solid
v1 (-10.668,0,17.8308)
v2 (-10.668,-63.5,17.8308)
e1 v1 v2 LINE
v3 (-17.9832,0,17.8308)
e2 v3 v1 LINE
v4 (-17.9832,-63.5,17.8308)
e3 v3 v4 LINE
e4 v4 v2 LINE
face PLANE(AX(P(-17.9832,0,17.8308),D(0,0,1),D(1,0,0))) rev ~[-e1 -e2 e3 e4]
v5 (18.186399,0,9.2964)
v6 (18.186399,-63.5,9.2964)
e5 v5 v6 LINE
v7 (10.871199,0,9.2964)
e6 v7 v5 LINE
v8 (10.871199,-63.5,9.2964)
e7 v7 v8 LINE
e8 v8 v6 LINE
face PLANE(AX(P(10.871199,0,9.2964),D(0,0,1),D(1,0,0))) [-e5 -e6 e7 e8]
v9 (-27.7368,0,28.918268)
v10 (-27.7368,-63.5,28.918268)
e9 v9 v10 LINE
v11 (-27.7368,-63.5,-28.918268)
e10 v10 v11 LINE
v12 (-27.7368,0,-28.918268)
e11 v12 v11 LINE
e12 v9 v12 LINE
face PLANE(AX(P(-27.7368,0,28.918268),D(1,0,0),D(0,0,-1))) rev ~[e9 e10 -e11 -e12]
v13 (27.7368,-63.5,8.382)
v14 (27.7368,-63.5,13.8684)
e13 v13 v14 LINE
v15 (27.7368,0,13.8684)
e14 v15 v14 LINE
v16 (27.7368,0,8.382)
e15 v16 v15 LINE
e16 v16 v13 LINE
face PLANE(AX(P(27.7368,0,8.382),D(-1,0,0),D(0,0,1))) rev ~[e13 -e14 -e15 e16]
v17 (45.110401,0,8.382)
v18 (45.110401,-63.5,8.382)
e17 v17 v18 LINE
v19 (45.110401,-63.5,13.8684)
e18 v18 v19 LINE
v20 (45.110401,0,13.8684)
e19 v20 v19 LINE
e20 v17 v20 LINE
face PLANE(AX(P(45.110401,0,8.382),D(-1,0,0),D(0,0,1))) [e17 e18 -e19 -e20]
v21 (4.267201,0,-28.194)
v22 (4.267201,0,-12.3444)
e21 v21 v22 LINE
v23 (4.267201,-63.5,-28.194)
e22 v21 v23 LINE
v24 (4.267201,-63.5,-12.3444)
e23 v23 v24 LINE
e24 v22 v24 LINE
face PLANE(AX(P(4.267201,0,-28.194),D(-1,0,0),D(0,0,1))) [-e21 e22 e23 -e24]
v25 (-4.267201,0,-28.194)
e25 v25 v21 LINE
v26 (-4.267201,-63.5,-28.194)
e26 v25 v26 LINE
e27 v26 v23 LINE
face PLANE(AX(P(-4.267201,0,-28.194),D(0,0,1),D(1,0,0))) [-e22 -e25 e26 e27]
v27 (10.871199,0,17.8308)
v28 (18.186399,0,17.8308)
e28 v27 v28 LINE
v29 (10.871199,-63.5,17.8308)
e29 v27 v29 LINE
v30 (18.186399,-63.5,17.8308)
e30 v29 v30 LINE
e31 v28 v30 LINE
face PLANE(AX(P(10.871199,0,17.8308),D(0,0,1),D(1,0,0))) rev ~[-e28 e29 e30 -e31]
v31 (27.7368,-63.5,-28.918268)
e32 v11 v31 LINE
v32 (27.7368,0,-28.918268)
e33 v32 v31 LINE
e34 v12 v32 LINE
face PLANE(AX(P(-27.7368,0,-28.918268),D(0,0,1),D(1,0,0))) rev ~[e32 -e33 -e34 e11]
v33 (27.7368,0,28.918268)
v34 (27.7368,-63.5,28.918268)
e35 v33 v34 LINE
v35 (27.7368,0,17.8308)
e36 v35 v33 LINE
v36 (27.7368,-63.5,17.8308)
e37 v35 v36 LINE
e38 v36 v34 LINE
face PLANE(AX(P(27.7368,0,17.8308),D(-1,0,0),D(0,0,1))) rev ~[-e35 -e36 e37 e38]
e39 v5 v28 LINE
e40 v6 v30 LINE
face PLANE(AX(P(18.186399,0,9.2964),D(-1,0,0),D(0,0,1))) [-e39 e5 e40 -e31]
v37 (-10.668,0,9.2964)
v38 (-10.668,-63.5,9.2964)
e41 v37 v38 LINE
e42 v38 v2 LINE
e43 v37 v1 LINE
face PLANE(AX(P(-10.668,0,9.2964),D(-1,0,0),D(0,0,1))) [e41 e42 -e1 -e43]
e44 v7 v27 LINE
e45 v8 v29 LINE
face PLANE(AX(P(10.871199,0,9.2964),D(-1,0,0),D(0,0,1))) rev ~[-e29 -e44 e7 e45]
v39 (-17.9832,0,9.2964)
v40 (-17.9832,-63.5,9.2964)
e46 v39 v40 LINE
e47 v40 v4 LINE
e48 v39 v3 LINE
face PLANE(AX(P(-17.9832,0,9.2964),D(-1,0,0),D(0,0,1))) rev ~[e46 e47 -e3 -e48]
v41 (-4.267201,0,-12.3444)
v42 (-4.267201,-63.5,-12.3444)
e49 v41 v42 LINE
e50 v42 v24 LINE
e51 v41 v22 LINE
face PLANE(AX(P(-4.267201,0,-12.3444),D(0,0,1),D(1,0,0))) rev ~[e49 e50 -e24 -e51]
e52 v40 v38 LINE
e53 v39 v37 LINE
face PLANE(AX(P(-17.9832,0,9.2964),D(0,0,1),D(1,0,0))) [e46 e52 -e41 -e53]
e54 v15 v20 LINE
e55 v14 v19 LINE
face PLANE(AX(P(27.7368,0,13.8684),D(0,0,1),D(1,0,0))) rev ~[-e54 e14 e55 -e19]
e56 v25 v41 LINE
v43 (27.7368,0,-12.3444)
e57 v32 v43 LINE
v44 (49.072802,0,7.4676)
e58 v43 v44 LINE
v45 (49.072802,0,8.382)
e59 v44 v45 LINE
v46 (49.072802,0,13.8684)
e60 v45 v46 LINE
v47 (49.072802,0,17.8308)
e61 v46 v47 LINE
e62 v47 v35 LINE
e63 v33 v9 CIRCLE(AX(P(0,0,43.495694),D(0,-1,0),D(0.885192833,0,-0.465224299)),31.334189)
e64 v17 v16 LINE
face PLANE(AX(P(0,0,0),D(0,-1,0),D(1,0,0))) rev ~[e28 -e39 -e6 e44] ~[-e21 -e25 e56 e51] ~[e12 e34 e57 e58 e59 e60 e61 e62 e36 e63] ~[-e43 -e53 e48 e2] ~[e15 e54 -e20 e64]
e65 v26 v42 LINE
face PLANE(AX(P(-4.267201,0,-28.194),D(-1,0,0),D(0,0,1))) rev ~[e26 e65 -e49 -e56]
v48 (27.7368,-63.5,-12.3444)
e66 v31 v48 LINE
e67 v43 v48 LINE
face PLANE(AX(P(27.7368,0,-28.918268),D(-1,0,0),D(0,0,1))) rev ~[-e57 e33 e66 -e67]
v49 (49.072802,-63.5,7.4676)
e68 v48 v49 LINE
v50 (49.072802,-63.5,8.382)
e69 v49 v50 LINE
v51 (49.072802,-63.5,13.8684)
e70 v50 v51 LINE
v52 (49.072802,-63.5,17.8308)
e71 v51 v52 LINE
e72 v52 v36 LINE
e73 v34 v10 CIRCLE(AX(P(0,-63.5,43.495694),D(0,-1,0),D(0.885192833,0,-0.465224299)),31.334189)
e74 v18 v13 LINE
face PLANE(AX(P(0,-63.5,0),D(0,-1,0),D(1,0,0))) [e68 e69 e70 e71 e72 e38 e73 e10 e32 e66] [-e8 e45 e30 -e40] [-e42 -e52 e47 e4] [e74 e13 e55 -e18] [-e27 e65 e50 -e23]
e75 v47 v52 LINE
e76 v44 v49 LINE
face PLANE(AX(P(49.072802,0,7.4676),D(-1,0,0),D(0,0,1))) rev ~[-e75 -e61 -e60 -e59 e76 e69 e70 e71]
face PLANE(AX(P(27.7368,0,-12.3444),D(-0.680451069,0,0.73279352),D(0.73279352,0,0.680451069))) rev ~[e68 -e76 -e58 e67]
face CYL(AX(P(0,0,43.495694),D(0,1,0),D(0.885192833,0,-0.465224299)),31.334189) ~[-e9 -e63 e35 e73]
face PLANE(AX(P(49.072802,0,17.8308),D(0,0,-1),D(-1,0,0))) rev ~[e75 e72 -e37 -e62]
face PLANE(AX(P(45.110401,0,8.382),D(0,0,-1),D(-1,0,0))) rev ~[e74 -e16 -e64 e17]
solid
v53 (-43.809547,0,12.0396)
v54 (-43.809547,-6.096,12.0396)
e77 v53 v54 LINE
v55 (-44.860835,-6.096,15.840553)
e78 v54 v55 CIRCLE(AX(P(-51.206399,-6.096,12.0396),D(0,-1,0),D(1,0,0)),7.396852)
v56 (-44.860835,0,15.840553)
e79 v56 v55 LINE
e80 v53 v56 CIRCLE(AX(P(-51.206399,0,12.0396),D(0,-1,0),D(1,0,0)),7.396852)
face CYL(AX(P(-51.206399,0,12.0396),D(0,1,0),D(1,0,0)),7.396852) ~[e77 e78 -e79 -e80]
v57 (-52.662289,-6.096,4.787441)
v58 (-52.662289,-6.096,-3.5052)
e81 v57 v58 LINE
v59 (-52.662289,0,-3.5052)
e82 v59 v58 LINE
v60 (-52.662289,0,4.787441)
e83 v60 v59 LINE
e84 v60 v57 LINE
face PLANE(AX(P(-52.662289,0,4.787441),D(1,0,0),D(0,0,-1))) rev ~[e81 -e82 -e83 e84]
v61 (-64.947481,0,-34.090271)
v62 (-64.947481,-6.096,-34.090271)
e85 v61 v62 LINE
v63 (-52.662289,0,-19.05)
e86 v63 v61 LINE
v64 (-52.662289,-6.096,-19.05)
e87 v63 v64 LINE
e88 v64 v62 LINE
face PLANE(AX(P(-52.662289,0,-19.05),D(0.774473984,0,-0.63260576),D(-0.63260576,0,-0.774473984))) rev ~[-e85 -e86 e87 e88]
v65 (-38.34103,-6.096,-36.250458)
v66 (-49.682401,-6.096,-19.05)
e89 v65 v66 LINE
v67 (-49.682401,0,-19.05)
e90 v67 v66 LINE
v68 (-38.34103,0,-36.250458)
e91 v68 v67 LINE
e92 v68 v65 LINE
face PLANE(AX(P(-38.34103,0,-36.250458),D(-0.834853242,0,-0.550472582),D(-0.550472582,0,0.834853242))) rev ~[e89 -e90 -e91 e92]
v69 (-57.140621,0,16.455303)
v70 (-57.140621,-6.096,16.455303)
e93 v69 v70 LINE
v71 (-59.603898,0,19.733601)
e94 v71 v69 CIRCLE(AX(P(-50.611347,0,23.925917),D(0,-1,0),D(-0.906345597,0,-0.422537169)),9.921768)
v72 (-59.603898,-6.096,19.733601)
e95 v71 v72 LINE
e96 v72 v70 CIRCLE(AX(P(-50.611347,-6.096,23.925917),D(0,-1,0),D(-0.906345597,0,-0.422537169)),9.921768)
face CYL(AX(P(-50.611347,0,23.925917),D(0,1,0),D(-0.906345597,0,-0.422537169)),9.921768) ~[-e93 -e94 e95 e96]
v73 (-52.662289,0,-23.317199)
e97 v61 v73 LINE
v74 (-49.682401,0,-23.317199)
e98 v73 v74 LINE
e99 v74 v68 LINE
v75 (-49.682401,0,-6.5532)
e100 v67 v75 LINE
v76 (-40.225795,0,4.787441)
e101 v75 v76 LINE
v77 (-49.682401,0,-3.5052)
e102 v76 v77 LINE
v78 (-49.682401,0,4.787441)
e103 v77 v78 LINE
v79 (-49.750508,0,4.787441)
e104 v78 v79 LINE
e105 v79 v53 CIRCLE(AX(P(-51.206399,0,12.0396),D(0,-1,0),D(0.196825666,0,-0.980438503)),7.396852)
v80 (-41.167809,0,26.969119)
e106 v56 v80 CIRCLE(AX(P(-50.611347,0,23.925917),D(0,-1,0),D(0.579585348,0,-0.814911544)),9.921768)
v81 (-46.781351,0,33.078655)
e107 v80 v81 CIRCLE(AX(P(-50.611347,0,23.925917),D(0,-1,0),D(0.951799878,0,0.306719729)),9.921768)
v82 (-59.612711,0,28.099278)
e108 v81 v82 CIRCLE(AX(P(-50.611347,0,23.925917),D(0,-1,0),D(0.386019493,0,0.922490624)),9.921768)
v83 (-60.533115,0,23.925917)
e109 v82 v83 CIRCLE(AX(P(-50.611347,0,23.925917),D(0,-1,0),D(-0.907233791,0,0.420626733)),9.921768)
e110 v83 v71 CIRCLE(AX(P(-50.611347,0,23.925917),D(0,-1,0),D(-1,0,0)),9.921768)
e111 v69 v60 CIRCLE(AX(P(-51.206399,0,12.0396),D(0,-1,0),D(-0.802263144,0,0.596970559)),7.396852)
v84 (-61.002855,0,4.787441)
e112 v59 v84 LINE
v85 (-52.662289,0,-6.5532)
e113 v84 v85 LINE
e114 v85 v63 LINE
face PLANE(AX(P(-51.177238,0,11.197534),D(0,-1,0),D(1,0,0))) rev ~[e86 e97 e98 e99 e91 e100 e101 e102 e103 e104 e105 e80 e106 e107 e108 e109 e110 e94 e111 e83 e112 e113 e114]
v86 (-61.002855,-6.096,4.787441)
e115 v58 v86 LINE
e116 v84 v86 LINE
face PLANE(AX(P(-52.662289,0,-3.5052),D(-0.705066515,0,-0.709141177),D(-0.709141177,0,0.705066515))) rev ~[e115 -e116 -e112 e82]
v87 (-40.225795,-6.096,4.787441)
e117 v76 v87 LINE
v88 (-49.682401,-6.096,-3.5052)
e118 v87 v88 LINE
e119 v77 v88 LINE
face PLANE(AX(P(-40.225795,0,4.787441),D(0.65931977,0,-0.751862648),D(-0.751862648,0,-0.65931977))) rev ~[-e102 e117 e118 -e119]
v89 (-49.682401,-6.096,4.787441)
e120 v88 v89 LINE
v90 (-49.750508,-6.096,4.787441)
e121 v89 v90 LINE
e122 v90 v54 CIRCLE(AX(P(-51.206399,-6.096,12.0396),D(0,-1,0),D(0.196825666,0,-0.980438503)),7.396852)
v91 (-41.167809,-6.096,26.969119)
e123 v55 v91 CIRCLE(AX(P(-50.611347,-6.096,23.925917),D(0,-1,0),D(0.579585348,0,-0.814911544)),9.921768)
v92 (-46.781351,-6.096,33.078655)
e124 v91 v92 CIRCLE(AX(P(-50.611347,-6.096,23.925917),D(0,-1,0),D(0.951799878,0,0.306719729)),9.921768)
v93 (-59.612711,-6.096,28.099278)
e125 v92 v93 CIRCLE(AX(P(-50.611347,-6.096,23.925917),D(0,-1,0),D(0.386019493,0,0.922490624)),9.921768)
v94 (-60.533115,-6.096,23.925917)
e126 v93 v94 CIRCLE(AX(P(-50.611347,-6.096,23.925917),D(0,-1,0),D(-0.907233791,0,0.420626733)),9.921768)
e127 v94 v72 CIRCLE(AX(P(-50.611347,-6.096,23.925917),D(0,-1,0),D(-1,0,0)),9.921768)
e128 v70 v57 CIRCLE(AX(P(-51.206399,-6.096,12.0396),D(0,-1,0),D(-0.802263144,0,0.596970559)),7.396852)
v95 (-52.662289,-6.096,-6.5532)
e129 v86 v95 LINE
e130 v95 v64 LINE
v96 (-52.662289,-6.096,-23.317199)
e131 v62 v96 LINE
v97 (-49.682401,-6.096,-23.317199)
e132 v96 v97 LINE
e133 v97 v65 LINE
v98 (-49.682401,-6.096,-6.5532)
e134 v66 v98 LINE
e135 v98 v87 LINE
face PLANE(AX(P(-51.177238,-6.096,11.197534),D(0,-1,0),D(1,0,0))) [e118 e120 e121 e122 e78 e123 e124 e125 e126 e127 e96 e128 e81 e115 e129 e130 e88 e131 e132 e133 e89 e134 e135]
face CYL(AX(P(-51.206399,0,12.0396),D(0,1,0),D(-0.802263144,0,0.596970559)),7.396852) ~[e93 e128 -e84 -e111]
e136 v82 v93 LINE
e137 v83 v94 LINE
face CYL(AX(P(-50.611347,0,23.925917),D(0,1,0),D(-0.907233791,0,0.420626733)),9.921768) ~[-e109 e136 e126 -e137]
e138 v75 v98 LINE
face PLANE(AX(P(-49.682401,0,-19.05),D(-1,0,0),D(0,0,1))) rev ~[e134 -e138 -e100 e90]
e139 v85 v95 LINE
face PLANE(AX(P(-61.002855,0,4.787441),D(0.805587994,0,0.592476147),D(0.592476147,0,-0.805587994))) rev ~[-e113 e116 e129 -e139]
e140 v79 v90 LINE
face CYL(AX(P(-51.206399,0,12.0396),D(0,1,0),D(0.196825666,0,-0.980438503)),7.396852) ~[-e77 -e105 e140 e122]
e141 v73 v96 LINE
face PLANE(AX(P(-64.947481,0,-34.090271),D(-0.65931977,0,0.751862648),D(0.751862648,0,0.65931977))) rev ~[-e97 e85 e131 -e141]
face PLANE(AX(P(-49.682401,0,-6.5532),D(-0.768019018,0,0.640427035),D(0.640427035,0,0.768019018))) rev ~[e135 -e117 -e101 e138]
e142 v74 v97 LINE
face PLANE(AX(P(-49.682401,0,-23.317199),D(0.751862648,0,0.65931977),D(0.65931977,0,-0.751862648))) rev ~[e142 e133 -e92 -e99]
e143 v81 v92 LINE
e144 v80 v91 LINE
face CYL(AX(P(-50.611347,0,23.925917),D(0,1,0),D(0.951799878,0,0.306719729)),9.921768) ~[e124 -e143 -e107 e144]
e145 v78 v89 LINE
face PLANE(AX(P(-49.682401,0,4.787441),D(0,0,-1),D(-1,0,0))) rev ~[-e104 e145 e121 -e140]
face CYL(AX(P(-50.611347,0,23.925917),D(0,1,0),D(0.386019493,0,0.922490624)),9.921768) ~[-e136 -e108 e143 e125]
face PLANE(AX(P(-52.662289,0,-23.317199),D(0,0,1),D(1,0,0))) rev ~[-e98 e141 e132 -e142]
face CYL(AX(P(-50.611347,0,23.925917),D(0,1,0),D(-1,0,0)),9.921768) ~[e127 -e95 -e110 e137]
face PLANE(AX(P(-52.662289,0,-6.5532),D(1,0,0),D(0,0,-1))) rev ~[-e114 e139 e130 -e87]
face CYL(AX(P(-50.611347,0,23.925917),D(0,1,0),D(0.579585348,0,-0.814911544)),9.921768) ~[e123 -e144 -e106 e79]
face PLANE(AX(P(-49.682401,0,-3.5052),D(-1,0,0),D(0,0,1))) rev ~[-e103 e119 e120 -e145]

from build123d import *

# Parameters (mm, degrees)
F0_W     = 8.5344025865
F0_H     = 15.8495996147
F0_W_2   = 7.3151998222
F0_H_2   = 8.5343997926
F0_W_3   = 3.9624013007
F0_H_3   = 5.4863998666
F1_DEPTH = 63.5
F3_DEPTH = 6.096


with BuildPart() as f1:
    # F0 (on Front) → F1 (new body)
    with BuildSketch(Plane.XZ):
        Polygon((-27.7367997915, -28.918268159), (27.7367997915, -28.918268159), (27.7367997915, -12.3444003984), (27.7367997915, 8.3820000291), (27.7367997915, 13.8683998957), (27.7367997915, 17.8308002651), (27.7367997915, 28.918268159), (-27.7367997915, 28.918268159), align=None)
        with Locations((0, -20.2692002058)):
            Rectangle(F0_W, F0_H, mode=Mode.SUBTRACT)
        with Locations((-14.3256001174, 13.5636003688)):
            Rectangle(F0_W_2, F0_H_2, mode=Mode.SUBTRACT)
        with Locations((14.5287988707, 13.5636003688)):
            Rectangle(F0_W_2, F0_H_2, mode=Mode.SUBTRACT)
        Polygon((27.7367997915, 8.3820000291), (27.7367997915, -12.3444003984), (49.0728020668, 7.4676000513), (49.0728020668, 8.3820000291), (45.1104007661, 8.3820000291), (38.4048009291, 8.3820000291), (31.6991992295, 8.3820000291), align=None)
        with BuildLine():
            ThreePointArc((27.7367997915, 28.918268159), (0, 74.8298837074), (-27.7367997915, 28.918268159))
            Line((-27.7367997915, 28.918268159), (27.7367997915, 28.918268159))
        make_face()
        Polygon((27.7367997915, 17.8308002651), (27.7367997915, 13.8683998957), (31.6991992295, 13.8683998957), (38.4048009291, 13.8683998957), (45.1104007661, 13.8683998957), (49.0728020668, 13.8683998957), (49.0728020668, 17.8308002651), align=None)
        with Locations((47.0916014165, 11.1251999624)):
            Rectangle(F0_W_3, F0_H_3)
    extrude(amount=F1_DEPTH)


with BuildPart() as f3:
    # F2 (on Front) → F3 (new body)
    with BuildSketch(Plane.XZ):
        with BuildLine():
            ThreePointArc((-49.7505084084, 4.7874413024), (-45.4844049053, 7.3521477549), (-43.8095466134, 12.0395999402))
            ThreePointArc((-43.8095466134, 12.0395999402), (-44.0772117106, 14.0114299761), (-44.8608353551, 15.8405533395))
            Line((-44.8608353551, 15.8405533395), (-57.1406206075, 16.4553028988))
            ThreePointArc((-57.1406206075, 16.4553028988), (-58.112062238, 9.3890842408), (-52.6622891022, 4.7874413024))
            Line((-52.6622891022, 4.7874413024), (-49.7505084084, 4.7874413024))
        make_face()
        with BuildLine():
            Line((-57.1406206075, 16.4553028988), (-44.8608353551, 15.8405533395))
            ThreePointArc((-44.8608353551, 15.8405533395), (-46.7307388097, 17.9287331243), (-49.2433622803, 19.1712133206))
            ThreePointArc((-49.2433622803, 19.1712133206), (-53.6119383371, 19.034369481), (-57.1406206075, 16.4553028988))
        make_face()
        with BuildLine():
            ThreePointArc((-49.2433622803, 19.1712133206), (-46.7307388097, 17.9287331243), (-44.8608353551, 15.8405533395))
            ThreePointArc((-44.8608353551, 15.8405533395), (-41.1945518698, 20.800943518), (-41.1678089703, 26.9691191101))
            Line((-41.1678089703, 26.9691191101), (-59.603898109, 19.7336010308))
            ThreePointArc((-59.603898109, 19.7336010308), (-58.5434696845, 17.9658063908), (-57.1406206075, 16.4553028988))
            ThreePointArc((-57.1406206075, 16.4553028988), (-53.6119383371, 19.034369481), (-49.2433622803, 19.1712133206))
        make_face()
        with BuildLine():
            Line((-49.6824011207, 4.7874413024), (-49.7505084084, 4.7874413024))
            ThreePointArc((-49.7505084084, 4.7874413024), (-51.2063987553, 4.6427477983), (-52.6622891022, 4.7874413024))
            Line((-52.6622891022, 4.7874413024), (-52.6622891022, -3.5052001476))
            Line((-52.6622891022, -3.5052001476), (-52.6622891022, -6.5532000735))
            Line((-52.6622891022, -6.5532000735), (-52.6622891022, -19.0500002354))
            Line((-52.6622891022, -19.0500002354), (-52.6622891022, -23.3171992004))
            Line((-52.6622891022, -23.3171992004), (-49.6824011207, -23.3171992004))
            Line((-49.6824011207, -23.3171992004), (-49.6824011207, -19.0500002354))
            Line((-49.6824011207, -19.0500002354), (-49.6824011207, -6.5532000735))
            Line((-49.6824011207, -6.5532000735), (-49.6824011207, -3.5052001476))
            Line((-49.6824011207, -3.5052001476), (-49.6824011207, 4.7874413024))
        make_face()
        with BuildLine():
            ThreePointArc((-52.6622891022, 4.7874413024), (-51.2063987553, 4.6427477983), (-49.7505084084, 4.7874413024))
            Line((-49.7505084084, 4.7874413024), (-52.6622891022, 4.7874413024))
        make_face()
        with BuildLine():
            Line((-59.603898109, 19.7336010308), (-41.1678089703, 26.9691191101))
            ThreePointArc((-41.1678089703, 26.9691191101), (-42.0310103091, 28.907815409), (-43.2867587174, 30.61859179))
            Line((-43.2867587174, 30.61859179), (-60.5331154133, 23.9259169849))
            ThreePointArc((-60.5331154133, 23.9259169849), (-60.2980259457, 21.7788866021), (-59.603898109, 19.7336010308))
        make_face()
        with BuildLine():
            Line((-60.5331154133, 23.9259169849), (-43.2867587174, 30.61859179))
            ThreePointArc((-43.2867587174, 30.61859179), (-44.9000278759, 32.039012776), (-46.7813509421, 33.0786553472))
            Line((-46.7813509421, 33.0786553472), (-59.6127105669, 28.0992780334))
            ThreePointArc((-59.6127105669, 28.0992780334), (-60.3002822656, 26.0627421721), (-60.5331154133, 23.9259169849))
        make_face()
        Polygon((-52.6622891022, -6.5532000735), (-52.6622891022, -3.5052001476), (-61.0028546961, 4.7874413024), align=None)
        Polygon((-40.2257950144, 4.7874413024), (-49.6824011207, -3.5052001476), (-49.6824011207, -6.5532000735), align=None)
        with BuildLine():
            Line((-59.6127105669, 28.0992780334), (-46.7813509421, 33.0786553472))
            ThreePointArc((-46.7813509421, 33.0786553472), (-54.2008191091, 33.1756293497), (-59.6127105669, 28.0992780334))
        make_face()
        Polygon((-52.6622891022, -23.3171992004), (-52.6622891022, -19.0500002354), (-64.9474813362, -34.0902707651), align=None)
        Polygon((-38.3410298295, -36.2504583617), (-49.6824011207, -19.0500002354), (-49.6824011207, -23.3171992004), align=None)
    extrude(amount=F3_DEPTH)


solid = Compound([f1.part, f3.part])
